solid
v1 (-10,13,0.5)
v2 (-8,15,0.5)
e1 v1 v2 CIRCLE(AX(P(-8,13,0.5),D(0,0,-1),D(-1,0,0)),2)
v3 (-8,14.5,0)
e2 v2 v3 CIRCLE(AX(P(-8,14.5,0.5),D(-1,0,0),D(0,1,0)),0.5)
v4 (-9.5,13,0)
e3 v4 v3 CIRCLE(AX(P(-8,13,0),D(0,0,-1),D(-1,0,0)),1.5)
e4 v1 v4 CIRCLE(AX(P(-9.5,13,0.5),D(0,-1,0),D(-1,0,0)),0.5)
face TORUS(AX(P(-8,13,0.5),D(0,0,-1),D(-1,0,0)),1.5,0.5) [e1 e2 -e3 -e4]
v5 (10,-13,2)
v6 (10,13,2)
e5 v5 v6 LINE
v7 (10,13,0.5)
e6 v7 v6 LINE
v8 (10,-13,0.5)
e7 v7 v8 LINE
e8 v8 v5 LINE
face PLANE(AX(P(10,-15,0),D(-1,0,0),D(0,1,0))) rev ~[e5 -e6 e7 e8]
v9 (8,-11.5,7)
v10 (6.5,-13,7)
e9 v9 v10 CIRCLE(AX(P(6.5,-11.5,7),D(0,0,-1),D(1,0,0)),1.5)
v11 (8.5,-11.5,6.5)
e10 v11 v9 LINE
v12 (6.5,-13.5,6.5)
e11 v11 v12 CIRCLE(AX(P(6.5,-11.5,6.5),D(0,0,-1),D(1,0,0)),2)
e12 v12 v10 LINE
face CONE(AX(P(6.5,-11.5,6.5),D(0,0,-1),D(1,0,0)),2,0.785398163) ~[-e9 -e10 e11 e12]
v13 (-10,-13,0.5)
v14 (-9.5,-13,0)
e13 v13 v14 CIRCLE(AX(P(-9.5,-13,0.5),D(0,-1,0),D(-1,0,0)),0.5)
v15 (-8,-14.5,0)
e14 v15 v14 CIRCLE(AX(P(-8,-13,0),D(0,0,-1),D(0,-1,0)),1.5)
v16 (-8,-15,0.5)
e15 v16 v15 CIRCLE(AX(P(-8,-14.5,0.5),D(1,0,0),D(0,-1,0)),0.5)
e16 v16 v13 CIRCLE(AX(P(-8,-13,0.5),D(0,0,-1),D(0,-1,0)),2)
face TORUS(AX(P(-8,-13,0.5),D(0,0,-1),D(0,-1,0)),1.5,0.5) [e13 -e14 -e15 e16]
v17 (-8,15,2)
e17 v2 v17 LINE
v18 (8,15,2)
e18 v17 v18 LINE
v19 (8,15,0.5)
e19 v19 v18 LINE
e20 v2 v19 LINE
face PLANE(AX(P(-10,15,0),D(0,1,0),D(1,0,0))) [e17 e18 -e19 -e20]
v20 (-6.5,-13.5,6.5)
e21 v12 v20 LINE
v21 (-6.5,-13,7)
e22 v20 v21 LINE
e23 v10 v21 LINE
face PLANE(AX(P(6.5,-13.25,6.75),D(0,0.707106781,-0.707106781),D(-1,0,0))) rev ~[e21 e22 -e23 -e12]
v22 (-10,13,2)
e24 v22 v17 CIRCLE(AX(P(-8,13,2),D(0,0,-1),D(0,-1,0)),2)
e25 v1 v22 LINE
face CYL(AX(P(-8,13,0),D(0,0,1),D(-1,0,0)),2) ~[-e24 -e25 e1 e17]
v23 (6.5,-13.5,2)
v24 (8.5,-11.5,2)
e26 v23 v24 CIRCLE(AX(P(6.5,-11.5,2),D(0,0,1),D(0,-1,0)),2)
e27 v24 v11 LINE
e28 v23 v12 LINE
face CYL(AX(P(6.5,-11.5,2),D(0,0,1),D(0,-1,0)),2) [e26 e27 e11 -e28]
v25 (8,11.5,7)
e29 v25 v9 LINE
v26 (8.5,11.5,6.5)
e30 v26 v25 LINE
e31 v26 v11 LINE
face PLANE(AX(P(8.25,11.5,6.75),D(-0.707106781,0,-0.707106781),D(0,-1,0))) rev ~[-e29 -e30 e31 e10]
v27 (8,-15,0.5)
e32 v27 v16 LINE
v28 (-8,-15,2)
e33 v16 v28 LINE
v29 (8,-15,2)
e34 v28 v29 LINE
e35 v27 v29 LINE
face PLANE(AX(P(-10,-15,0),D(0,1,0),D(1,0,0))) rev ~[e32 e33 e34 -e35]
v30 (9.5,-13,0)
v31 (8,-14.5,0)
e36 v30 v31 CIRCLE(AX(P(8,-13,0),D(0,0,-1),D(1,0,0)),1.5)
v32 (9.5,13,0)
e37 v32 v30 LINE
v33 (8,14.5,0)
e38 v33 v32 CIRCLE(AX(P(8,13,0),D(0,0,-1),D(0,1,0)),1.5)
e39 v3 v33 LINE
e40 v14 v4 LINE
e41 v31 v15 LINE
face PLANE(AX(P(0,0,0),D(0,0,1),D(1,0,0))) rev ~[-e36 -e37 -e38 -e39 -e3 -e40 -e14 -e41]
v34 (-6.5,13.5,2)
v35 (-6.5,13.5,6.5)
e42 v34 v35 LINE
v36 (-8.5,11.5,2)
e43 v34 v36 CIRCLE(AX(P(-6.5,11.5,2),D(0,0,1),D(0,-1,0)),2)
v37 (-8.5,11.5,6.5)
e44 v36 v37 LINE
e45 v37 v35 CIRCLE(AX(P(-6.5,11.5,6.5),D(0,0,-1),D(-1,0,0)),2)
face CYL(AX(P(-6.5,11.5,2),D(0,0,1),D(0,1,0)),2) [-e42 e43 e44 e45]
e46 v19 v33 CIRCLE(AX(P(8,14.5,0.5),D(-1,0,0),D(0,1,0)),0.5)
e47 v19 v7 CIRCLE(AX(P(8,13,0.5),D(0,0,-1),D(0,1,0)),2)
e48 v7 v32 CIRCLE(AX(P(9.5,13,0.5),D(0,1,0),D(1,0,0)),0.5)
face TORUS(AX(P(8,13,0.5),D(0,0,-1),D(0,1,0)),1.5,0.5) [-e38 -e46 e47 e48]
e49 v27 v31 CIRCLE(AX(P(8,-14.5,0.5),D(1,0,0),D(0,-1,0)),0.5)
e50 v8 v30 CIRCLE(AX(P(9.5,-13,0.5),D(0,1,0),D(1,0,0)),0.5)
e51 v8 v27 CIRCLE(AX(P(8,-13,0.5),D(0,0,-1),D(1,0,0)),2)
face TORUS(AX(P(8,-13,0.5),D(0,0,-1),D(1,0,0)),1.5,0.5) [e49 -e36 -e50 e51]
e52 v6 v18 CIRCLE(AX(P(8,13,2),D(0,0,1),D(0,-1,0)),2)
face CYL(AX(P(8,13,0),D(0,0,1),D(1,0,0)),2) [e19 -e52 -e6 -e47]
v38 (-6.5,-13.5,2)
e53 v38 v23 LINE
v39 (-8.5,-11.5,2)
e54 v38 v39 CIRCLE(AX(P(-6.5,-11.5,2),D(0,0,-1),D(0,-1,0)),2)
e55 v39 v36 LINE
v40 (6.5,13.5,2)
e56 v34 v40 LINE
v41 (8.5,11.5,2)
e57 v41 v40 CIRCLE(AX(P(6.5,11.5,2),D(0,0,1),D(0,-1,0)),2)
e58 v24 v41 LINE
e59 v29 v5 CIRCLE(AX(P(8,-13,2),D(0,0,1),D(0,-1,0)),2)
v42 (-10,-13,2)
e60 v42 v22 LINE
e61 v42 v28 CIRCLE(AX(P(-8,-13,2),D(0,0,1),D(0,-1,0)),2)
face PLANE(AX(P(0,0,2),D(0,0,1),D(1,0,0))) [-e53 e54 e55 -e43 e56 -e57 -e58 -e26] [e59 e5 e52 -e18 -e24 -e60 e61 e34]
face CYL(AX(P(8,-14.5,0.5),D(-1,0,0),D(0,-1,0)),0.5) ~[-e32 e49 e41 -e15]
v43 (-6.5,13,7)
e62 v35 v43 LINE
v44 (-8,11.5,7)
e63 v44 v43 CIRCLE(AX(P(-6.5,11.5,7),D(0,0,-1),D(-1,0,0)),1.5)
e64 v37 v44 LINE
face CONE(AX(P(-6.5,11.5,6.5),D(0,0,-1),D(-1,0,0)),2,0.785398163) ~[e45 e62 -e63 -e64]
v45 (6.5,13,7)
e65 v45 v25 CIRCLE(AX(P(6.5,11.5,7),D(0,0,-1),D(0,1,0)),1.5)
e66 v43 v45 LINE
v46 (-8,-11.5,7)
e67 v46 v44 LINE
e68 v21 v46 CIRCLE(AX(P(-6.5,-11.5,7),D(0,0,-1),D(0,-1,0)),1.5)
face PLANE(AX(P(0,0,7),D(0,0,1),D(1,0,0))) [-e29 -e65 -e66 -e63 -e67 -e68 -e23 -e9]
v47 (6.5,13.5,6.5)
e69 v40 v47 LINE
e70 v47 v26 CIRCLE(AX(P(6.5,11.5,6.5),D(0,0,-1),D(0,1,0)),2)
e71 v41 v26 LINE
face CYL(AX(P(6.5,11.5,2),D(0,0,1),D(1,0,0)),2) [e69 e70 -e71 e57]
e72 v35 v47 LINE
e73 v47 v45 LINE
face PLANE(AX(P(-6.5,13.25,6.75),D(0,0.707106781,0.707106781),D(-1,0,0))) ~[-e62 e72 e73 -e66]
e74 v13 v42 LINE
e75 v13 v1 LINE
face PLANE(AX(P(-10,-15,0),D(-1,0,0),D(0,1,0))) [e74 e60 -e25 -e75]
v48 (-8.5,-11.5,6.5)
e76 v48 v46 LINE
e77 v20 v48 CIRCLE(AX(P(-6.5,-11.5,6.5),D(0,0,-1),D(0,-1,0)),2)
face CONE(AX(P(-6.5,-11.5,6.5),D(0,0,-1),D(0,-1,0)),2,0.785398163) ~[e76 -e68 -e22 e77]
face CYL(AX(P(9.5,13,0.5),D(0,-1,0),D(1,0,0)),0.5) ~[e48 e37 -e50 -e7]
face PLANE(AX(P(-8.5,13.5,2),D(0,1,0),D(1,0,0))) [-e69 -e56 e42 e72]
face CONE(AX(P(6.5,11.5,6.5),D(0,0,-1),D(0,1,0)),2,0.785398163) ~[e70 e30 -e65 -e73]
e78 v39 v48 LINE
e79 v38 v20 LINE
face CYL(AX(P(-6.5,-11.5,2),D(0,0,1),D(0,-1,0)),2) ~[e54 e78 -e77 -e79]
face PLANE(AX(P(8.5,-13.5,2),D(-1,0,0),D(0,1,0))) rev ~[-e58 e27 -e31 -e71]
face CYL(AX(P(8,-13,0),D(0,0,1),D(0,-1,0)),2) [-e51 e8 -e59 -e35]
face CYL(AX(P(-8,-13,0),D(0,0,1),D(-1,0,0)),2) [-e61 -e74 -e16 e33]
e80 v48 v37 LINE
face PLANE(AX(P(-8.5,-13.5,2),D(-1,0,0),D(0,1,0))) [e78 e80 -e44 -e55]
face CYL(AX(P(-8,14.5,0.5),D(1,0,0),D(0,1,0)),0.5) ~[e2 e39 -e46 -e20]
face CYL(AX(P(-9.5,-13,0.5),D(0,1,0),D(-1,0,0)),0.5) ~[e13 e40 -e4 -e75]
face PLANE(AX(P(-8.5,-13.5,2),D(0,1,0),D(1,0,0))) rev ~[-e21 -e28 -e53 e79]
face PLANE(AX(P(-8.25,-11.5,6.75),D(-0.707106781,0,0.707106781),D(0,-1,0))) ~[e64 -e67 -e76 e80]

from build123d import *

# Parameters (mm, degrees)
F0_W     = 20
F0_H     = 30
F1_DEPTH = 2
F2_R     = 2
F3_W     = 17
F3_H     = 27
F4_DEPTH = 5
F5_R     = 2
F6_SIZE  = 0.5
F7_R     = 0.5


with BuildPart() as f1:
    # F0 (on Top) → F1 (new body)
    with BuildSketch(Plane.XY):
        Rectangle(F0_W, F0_H)
    extrude(amount=F1_DEPTH)

    # F2
    f2_edges = [f1.edges().sort_by_distance(p)[0] for p in [
        (-10, -15, 1),
        (10, -15, 1),
        (-10, 15, 1),
        (10, 15, 1),
    ]]
    fillet(f2_edges, radius=F2_R)

    # F3 (on face) → F4 (join)
    with BuildSketch(Plane.XY.offset(2)):
        Rectangle(F3_W, F3_H)
    extrude(amount=F4_DEPTH)

    # F5
    f5_edges = [f1.edges().sort_by_distance(p)[0] for p in [
        (-8.5, -13.5, 4.5),
        (8.5, -13.5, 4.5),
        (-8.5, 13.5, 4.5),
        (8.5, 13.5, 4.5),
    ]]
    fillet(f5_edges, radius=F5_R)

    # F6
    f6_edges = [f1.edges().sort_by_distance(p)[0] for p in [
        (-8.5, 0, 7),
    ]]
    chamfer(f6_edges, length=F6_SIZE)

    # F7
    f7_edges = [f1.edges().sort_by_distance(p)[0] for p in [
        (0, 15, 0),
        (9.414214, 14.414214, 0),
        (-9.414214, 14.414214, 0),
        (10, 0, 0),
        (-10, 0, 0),
        (9.414214, -14.414214, 0),
        (-9.414214, -14.414214, 0),
        (0, -15, 0),
    ]]
    fillet(f7_edges, radius=F7_R)


solid = f1.part
